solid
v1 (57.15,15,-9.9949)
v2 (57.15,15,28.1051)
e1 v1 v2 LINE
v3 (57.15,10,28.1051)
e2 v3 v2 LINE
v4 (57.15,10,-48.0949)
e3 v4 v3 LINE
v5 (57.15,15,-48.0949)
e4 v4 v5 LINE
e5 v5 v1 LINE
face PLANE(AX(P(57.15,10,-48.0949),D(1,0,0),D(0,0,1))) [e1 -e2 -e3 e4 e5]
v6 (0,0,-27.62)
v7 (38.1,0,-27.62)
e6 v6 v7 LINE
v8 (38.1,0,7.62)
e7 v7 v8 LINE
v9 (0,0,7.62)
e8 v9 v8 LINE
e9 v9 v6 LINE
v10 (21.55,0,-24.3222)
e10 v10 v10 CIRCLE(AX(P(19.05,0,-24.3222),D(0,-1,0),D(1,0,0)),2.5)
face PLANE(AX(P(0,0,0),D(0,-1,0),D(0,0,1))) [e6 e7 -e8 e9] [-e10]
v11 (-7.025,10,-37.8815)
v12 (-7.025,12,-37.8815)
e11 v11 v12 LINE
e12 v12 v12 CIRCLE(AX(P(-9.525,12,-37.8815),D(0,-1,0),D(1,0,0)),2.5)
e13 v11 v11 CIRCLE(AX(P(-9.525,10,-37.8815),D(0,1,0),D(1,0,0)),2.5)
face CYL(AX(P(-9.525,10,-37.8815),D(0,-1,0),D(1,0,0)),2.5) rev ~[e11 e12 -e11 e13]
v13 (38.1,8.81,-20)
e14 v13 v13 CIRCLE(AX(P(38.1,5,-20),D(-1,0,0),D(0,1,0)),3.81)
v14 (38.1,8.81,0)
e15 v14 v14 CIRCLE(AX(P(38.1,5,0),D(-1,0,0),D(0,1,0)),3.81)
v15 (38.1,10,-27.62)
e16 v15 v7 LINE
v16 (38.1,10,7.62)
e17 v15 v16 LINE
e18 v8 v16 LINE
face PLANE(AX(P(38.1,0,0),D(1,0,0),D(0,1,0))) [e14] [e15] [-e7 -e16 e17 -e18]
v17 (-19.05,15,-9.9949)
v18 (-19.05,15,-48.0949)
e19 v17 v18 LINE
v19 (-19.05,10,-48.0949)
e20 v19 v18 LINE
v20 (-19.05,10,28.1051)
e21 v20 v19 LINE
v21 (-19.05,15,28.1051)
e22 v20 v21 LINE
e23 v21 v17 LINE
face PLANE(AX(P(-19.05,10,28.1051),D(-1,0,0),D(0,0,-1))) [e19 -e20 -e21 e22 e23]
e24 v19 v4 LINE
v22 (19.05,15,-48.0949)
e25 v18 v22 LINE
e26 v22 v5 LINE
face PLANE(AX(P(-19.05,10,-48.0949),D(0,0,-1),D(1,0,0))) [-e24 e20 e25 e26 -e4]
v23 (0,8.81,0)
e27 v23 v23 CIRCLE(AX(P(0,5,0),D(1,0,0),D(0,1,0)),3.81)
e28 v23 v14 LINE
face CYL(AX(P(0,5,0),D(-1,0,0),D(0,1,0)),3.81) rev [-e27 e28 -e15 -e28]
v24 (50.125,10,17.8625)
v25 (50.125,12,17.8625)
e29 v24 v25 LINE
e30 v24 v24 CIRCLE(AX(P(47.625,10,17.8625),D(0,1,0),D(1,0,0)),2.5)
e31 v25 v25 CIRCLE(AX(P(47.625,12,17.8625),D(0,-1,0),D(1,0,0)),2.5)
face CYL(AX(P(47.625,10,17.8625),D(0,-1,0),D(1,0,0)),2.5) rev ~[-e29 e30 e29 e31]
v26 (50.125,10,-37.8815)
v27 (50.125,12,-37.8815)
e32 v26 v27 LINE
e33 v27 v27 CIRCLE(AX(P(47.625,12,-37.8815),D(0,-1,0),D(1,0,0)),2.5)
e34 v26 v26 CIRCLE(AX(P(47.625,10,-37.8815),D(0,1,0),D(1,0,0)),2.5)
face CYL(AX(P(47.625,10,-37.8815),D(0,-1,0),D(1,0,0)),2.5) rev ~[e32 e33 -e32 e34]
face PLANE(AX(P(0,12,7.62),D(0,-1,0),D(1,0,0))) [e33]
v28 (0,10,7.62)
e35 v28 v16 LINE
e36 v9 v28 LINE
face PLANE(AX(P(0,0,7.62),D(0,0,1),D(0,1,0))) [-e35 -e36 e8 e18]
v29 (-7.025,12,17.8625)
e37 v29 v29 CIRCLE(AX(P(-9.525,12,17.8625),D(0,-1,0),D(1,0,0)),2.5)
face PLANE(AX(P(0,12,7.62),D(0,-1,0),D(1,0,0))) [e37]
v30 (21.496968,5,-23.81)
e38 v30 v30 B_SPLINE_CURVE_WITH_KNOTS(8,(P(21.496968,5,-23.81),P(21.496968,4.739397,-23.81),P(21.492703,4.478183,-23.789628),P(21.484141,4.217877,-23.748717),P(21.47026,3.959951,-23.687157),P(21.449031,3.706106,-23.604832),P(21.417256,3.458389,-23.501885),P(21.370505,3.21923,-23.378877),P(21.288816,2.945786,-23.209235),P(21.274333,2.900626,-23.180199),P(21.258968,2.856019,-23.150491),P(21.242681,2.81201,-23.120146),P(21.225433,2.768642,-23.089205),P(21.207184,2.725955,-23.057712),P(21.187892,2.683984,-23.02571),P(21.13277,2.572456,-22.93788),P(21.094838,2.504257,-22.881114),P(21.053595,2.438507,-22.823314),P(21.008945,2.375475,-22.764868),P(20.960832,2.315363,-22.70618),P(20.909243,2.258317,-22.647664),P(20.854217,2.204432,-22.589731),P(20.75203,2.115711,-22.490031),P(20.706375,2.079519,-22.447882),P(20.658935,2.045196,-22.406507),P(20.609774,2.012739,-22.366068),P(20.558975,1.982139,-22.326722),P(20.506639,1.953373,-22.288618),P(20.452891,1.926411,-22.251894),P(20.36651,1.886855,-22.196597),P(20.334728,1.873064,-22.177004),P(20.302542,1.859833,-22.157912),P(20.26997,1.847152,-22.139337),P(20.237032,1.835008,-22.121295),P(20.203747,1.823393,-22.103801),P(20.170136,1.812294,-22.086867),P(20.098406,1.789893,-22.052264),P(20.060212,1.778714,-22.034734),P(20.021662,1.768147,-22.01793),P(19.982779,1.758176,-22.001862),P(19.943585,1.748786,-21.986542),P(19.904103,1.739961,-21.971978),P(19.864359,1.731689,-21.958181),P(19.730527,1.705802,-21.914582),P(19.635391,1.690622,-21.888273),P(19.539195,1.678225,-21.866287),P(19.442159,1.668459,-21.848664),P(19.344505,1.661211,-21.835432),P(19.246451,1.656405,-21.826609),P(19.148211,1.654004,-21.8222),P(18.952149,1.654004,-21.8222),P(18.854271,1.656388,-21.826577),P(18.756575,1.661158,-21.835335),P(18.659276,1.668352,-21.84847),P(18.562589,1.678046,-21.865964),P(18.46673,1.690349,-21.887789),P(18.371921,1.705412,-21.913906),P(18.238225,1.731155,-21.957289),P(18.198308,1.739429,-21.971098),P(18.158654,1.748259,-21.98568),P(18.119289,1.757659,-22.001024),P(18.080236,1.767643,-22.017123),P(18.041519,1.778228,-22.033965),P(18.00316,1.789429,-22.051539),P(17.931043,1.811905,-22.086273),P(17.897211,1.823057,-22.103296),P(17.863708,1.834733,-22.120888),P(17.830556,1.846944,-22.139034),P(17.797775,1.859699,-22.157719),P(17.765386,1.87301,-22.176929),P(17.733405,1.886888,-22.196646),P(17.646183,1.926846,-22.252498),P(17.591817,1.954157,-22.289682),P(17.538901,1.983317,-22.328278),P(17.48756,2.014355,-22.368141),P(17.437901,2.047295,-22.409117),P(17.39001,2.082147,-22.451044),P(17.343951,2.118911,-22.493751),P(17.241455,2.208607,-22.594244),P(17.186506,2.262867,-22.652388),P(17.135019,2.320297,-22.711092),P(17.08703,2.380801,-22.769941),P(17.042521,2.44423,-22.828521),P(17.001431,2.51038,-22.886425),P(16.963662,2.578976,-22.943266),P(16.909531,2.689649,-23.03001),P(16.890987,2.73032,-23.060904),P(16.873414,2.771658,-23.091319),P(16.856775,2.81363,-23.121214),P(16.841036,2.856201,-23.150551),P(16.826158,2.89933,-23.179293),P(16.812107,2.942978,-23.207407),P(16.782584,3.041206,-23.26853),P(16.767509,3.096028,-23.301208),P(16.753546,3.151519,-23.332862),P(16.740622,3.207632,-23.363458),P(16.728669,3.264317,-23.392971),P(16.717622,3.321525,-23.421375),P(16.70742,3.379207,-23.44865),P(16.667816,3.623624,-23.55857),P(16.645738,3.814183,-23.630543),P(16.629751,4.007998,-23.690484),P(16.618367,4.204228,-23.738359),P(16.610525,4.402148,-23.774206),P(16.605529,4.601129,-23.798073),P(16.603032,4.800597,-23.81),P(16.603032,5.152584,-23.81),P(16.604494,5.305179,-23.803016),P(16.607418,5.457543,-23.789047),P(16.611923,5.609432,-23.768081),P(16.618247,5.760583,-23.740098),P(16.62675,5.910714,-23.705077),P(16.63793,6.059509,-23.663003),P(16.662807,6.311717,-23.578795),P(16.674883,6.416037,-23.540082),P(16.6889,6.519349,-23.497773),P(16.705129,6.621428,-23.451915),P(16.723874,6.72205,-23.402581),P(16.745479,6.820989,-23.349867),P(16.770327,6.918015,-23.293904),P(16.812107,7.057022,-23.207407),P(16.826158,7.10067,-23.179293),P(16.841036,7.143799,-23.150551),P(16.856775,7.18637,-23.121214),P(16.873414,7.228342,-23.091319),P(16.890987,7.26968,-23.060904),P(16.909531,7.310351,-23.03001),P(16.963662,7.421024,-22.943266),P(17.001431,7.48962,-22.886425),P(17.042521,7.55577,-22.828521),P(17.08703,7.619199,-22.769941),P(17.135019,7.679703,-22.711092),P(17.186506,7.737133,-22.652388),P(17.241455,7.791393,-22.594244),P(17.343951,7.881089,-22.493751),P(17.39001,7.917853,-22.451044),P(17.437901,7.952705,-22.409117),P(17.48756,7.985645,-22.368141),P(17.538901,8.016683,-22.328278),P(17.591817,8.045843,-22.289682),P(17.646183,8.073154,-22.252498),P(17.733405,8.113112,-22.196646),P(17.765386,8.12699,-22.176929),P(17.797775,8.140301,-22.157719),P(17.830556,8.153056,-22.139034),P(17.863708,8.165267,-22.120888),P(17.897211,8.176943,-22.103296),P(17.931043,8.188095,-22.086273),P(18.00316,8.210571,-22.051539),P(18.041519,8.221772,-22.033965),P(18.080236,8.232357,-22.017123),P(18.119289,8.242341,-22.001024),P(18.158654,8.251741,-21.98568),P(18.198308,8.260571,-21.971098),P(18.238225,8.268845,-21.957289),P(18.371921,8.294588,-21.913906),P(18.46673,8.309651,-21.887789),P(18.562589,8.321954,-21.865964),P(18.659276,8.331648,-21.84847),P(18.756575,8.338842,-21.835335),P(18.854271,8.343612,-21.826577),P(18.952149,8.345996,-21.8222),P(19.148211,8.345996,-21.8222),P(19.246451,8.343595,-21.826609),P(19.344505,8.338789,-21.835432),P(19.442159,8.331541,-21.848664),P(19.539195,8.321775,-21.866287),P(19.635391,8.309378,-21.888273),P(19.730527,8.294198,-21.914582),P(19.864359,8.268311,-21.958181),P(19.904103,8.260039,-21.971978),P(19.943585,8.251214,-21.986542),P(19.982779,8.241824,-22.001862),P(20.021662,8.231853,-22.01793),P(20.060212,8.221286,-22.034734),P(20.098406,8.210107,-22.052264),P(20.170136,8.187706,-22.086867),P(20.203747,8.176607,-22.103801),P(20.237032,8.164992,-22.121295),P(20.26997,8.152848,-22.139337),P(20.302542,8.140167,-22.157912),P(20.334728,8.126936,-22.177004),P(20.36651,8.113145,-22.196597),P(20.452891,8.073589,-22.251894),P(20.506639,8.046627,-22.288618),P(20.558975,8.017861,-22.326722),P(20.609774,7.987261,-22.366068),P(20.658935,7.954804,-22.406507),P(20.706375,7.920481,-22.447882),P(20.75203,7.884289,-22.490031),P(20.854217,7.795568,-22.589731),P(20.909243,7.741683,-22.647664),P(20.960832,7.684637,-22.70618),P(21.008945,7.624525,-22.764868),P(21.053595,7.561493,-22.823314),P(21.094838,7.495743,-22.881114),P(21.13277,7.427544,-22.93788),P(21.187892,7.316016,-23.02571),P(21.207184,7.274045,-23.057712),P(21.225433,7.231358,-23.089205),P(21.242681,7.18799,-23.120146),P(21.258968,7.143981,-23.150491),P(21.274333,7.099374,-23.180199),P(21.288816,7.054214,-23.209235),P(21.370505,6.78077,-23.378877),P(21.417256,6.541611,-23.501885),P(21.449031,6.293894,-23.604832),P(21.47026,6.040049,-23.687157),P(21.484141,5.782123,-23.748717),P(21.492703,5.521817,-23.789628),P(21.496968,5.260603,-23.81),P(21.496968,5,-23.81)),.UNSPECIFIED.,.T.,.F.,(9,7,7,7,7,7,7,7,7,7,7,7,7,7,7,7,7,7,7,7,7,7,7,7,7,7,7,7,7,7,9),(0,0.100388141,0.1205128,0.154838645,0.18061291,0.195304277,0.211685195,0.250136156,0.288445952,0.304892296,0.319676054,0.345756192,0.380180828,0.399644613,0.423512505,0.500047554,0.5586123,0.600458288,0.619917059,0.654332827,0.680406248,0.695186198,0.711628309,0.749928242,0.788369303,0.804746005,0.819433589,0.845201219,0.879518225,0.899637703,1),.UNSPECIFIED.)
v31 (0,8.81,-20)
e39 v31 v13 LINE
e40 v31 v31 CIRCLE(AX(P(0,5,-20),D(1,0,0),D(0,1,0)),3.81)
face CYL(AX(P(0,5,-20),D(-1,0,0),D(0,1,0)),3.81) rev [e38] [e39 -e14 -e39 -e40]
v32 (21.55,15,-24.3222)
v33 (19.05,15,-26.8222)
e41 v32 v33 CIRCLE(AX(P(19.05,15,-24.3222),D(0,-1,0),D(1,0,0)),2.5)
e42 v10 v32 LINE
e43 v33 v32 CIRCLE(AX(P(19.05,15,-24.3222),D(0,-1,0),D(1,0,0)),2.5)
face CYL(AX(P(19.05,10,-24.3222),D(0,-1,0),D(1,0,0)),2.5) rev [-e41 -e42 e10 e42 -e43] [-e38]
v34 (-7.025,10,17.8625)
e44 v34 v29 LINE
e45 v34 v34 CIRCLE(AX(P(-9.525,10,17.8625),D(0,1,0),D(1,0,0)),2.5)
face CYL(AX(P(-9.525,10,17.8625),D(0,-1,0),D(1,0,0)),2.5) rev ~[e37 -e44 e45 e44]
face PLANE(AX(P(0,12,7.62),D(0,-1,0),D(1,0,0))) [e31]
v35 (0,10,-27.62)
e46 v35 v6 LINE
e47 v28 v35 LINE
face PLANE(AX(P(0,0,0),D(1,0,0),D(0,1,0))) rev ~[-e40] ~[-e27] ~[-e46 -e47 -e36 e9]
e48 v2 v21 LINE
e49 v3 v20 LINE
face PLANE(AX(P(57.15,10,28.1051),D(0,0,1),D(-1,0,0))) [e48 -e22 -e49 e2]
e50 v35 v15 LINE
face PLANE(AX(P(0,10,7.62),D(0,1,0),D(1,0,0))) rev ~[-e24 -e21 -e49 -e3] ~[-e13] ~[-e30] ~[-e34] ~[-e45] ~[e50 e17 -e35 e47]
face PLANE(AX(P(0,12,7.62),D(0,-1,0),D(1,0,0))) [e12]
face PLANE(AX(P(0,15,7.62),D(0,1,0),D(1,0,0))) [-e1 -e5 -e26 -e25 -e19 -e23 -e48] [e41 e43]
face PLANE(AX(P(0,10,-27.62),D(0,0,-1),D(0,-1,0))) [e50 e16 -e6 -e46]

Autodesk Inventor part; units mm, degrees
ref_plane "YZ Plane" through (0, 0, 0) normal (1, 0, 0) x (0, 1, 0)
ref_plane "XZ Plane" through (0, 0, 0) normal (0, 1, 0) x (-1, 0, 0)
ref_plane "XY Plane" through (0, 0, 0) normal (0, 0, 1) x (1, 0, 0)
sketch "Sketch1" plane through (0, 0, 0) normal (1, 0, 0) x (0, 1, 0)
  line L0 (0, 0) -> (10, 0)
  line L1 (10, 0) -> (10, -20)
  line L2 (10, -20) -> (0, -20)
  line L3 (0, -20) -> (0, 0)
  circle A0 centre (5, 0) radius 3.81
  circle A1 centre (5, -20) radius 3.81
  line L4 (10, 0) -> (0, 0)
  line L5 (0, 0) -> (0, 7.62)
  line L6 (0, 7.62) -> (10, 7.62)
  line L7 (10, 7.62) -> (10, 0)
  line L8 (0, -20) -> (10, -20)
  line L9 (10, -20) -> (10, -27.62)
  line L10 (10, -27.62) -> (0, -27.62)
  line L11 (0, -27.62) -> (0, -20)
  dimension "d0" = 10
  dimension "d1" = 20
  dimension "d2" = 7.62
  dimension "d3" = 7.62
  dimension "d4" = 10
  dimension "d5" = 7.62
  dimension "d7" = 7.62
extrude "Extrusion1" add sketch "Sketch1" along normal blind 38.1
extrude "Extrusion2" cut sketch "Sketch1" along normal blind 38.1 contours A0 L0 | L0 A0 | A1 L2 | L2 A1
sketch "Sketch2" plane through (0, 10, 7.62) normal (0, 1, 0) x (1, 0, 0)
  line L0 (57.15, -20.4851) -> (-19.05, -20.4851)
  line L1 (-19.05, -20.4851) -> (-19.05, 55.7149)
  line L2 (-19.05, 55.7149) -> (57.15, 55.7149)
  line L3 (57.15, 55.7149) -> (57.15, -20.4851)
  line L4 (57.15, -20.4851) -> (-19.05, 55.7149) construction
  line L5 (-19.05, -20.4851) -> (57.15, 55.7149) construction
  line L6 (0, 0) -> (38.1, 0) projected
  line L7 (0, 35.24) -> (38.1, 35.24) projected
  line L8 (-19.05, 17.6149) -> (4.7227, 17.6149)
  line L9 (57.15, 17.6149) -> (33.3773, 17.6149)
  circle A0 centre (4.7227, 17.6149) radius 2.5
  circle A1 centre (33.3773, 17.6149) radius 2.5
  line L10 (19.05, 55.7149) -> (19.05, 31.9422)
  circle A2 centre (19.05, 31.9422) radius 2.5
  point P0 (0, 7.62)
  point P1 (19.05, 17.6149)
  dimension "d12" = 17.6149
  dimension "d13" = 17.6251
  dimension "d14" = 35.24
  dimension "d15" = 76.2
  dimension "d16" = 76.2
  dimension "d17" = 19.05
  dimension "d32" = 23.7727
  dimension "d33" = 23.7727
  dimension "d34" = 5
  dimension "d35" = 5
  dimension "d38" = 23.7727
  dimension "d39" = 5
extrude "Extrusion3" add sketch "Sketch2" along normal blind 5 contours A1 | A2 | A0 | L0 L1 L2 L3
sketch "Sketch3" plane through (0, 10, 7.62) normal (0, -1, 0) x (1, 0, 0)
  line L0 (0, 0) -> (38.1, 0) projected
  line L1 (0, 0) -> (-19.05, 20.4851)
  line L2 (-19.05, 20.4851) -> (-19.05, -55.7149) projected
  line L3 (-19.05, -55.7149) -> (0, -35.2882)
  line L4 (57.15, -55.7149) -> (57.15, 20.4851) projected
  line L5 (57.15, -55.7149) -> (38.1, -35.2882)
  line L6 (38.1, 0) -> (57.15, 20.4851)
  circle A0 centre (47.625, -45.5015) radius 2.5
  circle A1 centre (47.625, 10.2425) radius 2.5
  circle A2 centre (-9.525, -45.5015) radius 2.5
  circle A3 centre (-9.525, 10.2425) radius 2.5
  point P0 (0, -7.62)
  dimension "d20" = 5
  dimension "d21" = 5
  dimension "d22" = 5
  dimension "d23" = 5
  dimension "d24" = 42.921
  dimension "d25" = 43.003
  dimension "d26" = 43.003
  dimension "d27" = 0
  dimension "d28" = 9.525
  dimension "d29" = 57.15
extrude "Extrusion4" cut sketch "Sketch3" against normal blind 2
extrude "Extrusion6" cut sketch "Sketch2" along normal mid plane 25.4 contours A2
thread "Thread1" size "M1x0.25" class "6H" standard "ISO Metric profile" full length
properties part number "plateform"
